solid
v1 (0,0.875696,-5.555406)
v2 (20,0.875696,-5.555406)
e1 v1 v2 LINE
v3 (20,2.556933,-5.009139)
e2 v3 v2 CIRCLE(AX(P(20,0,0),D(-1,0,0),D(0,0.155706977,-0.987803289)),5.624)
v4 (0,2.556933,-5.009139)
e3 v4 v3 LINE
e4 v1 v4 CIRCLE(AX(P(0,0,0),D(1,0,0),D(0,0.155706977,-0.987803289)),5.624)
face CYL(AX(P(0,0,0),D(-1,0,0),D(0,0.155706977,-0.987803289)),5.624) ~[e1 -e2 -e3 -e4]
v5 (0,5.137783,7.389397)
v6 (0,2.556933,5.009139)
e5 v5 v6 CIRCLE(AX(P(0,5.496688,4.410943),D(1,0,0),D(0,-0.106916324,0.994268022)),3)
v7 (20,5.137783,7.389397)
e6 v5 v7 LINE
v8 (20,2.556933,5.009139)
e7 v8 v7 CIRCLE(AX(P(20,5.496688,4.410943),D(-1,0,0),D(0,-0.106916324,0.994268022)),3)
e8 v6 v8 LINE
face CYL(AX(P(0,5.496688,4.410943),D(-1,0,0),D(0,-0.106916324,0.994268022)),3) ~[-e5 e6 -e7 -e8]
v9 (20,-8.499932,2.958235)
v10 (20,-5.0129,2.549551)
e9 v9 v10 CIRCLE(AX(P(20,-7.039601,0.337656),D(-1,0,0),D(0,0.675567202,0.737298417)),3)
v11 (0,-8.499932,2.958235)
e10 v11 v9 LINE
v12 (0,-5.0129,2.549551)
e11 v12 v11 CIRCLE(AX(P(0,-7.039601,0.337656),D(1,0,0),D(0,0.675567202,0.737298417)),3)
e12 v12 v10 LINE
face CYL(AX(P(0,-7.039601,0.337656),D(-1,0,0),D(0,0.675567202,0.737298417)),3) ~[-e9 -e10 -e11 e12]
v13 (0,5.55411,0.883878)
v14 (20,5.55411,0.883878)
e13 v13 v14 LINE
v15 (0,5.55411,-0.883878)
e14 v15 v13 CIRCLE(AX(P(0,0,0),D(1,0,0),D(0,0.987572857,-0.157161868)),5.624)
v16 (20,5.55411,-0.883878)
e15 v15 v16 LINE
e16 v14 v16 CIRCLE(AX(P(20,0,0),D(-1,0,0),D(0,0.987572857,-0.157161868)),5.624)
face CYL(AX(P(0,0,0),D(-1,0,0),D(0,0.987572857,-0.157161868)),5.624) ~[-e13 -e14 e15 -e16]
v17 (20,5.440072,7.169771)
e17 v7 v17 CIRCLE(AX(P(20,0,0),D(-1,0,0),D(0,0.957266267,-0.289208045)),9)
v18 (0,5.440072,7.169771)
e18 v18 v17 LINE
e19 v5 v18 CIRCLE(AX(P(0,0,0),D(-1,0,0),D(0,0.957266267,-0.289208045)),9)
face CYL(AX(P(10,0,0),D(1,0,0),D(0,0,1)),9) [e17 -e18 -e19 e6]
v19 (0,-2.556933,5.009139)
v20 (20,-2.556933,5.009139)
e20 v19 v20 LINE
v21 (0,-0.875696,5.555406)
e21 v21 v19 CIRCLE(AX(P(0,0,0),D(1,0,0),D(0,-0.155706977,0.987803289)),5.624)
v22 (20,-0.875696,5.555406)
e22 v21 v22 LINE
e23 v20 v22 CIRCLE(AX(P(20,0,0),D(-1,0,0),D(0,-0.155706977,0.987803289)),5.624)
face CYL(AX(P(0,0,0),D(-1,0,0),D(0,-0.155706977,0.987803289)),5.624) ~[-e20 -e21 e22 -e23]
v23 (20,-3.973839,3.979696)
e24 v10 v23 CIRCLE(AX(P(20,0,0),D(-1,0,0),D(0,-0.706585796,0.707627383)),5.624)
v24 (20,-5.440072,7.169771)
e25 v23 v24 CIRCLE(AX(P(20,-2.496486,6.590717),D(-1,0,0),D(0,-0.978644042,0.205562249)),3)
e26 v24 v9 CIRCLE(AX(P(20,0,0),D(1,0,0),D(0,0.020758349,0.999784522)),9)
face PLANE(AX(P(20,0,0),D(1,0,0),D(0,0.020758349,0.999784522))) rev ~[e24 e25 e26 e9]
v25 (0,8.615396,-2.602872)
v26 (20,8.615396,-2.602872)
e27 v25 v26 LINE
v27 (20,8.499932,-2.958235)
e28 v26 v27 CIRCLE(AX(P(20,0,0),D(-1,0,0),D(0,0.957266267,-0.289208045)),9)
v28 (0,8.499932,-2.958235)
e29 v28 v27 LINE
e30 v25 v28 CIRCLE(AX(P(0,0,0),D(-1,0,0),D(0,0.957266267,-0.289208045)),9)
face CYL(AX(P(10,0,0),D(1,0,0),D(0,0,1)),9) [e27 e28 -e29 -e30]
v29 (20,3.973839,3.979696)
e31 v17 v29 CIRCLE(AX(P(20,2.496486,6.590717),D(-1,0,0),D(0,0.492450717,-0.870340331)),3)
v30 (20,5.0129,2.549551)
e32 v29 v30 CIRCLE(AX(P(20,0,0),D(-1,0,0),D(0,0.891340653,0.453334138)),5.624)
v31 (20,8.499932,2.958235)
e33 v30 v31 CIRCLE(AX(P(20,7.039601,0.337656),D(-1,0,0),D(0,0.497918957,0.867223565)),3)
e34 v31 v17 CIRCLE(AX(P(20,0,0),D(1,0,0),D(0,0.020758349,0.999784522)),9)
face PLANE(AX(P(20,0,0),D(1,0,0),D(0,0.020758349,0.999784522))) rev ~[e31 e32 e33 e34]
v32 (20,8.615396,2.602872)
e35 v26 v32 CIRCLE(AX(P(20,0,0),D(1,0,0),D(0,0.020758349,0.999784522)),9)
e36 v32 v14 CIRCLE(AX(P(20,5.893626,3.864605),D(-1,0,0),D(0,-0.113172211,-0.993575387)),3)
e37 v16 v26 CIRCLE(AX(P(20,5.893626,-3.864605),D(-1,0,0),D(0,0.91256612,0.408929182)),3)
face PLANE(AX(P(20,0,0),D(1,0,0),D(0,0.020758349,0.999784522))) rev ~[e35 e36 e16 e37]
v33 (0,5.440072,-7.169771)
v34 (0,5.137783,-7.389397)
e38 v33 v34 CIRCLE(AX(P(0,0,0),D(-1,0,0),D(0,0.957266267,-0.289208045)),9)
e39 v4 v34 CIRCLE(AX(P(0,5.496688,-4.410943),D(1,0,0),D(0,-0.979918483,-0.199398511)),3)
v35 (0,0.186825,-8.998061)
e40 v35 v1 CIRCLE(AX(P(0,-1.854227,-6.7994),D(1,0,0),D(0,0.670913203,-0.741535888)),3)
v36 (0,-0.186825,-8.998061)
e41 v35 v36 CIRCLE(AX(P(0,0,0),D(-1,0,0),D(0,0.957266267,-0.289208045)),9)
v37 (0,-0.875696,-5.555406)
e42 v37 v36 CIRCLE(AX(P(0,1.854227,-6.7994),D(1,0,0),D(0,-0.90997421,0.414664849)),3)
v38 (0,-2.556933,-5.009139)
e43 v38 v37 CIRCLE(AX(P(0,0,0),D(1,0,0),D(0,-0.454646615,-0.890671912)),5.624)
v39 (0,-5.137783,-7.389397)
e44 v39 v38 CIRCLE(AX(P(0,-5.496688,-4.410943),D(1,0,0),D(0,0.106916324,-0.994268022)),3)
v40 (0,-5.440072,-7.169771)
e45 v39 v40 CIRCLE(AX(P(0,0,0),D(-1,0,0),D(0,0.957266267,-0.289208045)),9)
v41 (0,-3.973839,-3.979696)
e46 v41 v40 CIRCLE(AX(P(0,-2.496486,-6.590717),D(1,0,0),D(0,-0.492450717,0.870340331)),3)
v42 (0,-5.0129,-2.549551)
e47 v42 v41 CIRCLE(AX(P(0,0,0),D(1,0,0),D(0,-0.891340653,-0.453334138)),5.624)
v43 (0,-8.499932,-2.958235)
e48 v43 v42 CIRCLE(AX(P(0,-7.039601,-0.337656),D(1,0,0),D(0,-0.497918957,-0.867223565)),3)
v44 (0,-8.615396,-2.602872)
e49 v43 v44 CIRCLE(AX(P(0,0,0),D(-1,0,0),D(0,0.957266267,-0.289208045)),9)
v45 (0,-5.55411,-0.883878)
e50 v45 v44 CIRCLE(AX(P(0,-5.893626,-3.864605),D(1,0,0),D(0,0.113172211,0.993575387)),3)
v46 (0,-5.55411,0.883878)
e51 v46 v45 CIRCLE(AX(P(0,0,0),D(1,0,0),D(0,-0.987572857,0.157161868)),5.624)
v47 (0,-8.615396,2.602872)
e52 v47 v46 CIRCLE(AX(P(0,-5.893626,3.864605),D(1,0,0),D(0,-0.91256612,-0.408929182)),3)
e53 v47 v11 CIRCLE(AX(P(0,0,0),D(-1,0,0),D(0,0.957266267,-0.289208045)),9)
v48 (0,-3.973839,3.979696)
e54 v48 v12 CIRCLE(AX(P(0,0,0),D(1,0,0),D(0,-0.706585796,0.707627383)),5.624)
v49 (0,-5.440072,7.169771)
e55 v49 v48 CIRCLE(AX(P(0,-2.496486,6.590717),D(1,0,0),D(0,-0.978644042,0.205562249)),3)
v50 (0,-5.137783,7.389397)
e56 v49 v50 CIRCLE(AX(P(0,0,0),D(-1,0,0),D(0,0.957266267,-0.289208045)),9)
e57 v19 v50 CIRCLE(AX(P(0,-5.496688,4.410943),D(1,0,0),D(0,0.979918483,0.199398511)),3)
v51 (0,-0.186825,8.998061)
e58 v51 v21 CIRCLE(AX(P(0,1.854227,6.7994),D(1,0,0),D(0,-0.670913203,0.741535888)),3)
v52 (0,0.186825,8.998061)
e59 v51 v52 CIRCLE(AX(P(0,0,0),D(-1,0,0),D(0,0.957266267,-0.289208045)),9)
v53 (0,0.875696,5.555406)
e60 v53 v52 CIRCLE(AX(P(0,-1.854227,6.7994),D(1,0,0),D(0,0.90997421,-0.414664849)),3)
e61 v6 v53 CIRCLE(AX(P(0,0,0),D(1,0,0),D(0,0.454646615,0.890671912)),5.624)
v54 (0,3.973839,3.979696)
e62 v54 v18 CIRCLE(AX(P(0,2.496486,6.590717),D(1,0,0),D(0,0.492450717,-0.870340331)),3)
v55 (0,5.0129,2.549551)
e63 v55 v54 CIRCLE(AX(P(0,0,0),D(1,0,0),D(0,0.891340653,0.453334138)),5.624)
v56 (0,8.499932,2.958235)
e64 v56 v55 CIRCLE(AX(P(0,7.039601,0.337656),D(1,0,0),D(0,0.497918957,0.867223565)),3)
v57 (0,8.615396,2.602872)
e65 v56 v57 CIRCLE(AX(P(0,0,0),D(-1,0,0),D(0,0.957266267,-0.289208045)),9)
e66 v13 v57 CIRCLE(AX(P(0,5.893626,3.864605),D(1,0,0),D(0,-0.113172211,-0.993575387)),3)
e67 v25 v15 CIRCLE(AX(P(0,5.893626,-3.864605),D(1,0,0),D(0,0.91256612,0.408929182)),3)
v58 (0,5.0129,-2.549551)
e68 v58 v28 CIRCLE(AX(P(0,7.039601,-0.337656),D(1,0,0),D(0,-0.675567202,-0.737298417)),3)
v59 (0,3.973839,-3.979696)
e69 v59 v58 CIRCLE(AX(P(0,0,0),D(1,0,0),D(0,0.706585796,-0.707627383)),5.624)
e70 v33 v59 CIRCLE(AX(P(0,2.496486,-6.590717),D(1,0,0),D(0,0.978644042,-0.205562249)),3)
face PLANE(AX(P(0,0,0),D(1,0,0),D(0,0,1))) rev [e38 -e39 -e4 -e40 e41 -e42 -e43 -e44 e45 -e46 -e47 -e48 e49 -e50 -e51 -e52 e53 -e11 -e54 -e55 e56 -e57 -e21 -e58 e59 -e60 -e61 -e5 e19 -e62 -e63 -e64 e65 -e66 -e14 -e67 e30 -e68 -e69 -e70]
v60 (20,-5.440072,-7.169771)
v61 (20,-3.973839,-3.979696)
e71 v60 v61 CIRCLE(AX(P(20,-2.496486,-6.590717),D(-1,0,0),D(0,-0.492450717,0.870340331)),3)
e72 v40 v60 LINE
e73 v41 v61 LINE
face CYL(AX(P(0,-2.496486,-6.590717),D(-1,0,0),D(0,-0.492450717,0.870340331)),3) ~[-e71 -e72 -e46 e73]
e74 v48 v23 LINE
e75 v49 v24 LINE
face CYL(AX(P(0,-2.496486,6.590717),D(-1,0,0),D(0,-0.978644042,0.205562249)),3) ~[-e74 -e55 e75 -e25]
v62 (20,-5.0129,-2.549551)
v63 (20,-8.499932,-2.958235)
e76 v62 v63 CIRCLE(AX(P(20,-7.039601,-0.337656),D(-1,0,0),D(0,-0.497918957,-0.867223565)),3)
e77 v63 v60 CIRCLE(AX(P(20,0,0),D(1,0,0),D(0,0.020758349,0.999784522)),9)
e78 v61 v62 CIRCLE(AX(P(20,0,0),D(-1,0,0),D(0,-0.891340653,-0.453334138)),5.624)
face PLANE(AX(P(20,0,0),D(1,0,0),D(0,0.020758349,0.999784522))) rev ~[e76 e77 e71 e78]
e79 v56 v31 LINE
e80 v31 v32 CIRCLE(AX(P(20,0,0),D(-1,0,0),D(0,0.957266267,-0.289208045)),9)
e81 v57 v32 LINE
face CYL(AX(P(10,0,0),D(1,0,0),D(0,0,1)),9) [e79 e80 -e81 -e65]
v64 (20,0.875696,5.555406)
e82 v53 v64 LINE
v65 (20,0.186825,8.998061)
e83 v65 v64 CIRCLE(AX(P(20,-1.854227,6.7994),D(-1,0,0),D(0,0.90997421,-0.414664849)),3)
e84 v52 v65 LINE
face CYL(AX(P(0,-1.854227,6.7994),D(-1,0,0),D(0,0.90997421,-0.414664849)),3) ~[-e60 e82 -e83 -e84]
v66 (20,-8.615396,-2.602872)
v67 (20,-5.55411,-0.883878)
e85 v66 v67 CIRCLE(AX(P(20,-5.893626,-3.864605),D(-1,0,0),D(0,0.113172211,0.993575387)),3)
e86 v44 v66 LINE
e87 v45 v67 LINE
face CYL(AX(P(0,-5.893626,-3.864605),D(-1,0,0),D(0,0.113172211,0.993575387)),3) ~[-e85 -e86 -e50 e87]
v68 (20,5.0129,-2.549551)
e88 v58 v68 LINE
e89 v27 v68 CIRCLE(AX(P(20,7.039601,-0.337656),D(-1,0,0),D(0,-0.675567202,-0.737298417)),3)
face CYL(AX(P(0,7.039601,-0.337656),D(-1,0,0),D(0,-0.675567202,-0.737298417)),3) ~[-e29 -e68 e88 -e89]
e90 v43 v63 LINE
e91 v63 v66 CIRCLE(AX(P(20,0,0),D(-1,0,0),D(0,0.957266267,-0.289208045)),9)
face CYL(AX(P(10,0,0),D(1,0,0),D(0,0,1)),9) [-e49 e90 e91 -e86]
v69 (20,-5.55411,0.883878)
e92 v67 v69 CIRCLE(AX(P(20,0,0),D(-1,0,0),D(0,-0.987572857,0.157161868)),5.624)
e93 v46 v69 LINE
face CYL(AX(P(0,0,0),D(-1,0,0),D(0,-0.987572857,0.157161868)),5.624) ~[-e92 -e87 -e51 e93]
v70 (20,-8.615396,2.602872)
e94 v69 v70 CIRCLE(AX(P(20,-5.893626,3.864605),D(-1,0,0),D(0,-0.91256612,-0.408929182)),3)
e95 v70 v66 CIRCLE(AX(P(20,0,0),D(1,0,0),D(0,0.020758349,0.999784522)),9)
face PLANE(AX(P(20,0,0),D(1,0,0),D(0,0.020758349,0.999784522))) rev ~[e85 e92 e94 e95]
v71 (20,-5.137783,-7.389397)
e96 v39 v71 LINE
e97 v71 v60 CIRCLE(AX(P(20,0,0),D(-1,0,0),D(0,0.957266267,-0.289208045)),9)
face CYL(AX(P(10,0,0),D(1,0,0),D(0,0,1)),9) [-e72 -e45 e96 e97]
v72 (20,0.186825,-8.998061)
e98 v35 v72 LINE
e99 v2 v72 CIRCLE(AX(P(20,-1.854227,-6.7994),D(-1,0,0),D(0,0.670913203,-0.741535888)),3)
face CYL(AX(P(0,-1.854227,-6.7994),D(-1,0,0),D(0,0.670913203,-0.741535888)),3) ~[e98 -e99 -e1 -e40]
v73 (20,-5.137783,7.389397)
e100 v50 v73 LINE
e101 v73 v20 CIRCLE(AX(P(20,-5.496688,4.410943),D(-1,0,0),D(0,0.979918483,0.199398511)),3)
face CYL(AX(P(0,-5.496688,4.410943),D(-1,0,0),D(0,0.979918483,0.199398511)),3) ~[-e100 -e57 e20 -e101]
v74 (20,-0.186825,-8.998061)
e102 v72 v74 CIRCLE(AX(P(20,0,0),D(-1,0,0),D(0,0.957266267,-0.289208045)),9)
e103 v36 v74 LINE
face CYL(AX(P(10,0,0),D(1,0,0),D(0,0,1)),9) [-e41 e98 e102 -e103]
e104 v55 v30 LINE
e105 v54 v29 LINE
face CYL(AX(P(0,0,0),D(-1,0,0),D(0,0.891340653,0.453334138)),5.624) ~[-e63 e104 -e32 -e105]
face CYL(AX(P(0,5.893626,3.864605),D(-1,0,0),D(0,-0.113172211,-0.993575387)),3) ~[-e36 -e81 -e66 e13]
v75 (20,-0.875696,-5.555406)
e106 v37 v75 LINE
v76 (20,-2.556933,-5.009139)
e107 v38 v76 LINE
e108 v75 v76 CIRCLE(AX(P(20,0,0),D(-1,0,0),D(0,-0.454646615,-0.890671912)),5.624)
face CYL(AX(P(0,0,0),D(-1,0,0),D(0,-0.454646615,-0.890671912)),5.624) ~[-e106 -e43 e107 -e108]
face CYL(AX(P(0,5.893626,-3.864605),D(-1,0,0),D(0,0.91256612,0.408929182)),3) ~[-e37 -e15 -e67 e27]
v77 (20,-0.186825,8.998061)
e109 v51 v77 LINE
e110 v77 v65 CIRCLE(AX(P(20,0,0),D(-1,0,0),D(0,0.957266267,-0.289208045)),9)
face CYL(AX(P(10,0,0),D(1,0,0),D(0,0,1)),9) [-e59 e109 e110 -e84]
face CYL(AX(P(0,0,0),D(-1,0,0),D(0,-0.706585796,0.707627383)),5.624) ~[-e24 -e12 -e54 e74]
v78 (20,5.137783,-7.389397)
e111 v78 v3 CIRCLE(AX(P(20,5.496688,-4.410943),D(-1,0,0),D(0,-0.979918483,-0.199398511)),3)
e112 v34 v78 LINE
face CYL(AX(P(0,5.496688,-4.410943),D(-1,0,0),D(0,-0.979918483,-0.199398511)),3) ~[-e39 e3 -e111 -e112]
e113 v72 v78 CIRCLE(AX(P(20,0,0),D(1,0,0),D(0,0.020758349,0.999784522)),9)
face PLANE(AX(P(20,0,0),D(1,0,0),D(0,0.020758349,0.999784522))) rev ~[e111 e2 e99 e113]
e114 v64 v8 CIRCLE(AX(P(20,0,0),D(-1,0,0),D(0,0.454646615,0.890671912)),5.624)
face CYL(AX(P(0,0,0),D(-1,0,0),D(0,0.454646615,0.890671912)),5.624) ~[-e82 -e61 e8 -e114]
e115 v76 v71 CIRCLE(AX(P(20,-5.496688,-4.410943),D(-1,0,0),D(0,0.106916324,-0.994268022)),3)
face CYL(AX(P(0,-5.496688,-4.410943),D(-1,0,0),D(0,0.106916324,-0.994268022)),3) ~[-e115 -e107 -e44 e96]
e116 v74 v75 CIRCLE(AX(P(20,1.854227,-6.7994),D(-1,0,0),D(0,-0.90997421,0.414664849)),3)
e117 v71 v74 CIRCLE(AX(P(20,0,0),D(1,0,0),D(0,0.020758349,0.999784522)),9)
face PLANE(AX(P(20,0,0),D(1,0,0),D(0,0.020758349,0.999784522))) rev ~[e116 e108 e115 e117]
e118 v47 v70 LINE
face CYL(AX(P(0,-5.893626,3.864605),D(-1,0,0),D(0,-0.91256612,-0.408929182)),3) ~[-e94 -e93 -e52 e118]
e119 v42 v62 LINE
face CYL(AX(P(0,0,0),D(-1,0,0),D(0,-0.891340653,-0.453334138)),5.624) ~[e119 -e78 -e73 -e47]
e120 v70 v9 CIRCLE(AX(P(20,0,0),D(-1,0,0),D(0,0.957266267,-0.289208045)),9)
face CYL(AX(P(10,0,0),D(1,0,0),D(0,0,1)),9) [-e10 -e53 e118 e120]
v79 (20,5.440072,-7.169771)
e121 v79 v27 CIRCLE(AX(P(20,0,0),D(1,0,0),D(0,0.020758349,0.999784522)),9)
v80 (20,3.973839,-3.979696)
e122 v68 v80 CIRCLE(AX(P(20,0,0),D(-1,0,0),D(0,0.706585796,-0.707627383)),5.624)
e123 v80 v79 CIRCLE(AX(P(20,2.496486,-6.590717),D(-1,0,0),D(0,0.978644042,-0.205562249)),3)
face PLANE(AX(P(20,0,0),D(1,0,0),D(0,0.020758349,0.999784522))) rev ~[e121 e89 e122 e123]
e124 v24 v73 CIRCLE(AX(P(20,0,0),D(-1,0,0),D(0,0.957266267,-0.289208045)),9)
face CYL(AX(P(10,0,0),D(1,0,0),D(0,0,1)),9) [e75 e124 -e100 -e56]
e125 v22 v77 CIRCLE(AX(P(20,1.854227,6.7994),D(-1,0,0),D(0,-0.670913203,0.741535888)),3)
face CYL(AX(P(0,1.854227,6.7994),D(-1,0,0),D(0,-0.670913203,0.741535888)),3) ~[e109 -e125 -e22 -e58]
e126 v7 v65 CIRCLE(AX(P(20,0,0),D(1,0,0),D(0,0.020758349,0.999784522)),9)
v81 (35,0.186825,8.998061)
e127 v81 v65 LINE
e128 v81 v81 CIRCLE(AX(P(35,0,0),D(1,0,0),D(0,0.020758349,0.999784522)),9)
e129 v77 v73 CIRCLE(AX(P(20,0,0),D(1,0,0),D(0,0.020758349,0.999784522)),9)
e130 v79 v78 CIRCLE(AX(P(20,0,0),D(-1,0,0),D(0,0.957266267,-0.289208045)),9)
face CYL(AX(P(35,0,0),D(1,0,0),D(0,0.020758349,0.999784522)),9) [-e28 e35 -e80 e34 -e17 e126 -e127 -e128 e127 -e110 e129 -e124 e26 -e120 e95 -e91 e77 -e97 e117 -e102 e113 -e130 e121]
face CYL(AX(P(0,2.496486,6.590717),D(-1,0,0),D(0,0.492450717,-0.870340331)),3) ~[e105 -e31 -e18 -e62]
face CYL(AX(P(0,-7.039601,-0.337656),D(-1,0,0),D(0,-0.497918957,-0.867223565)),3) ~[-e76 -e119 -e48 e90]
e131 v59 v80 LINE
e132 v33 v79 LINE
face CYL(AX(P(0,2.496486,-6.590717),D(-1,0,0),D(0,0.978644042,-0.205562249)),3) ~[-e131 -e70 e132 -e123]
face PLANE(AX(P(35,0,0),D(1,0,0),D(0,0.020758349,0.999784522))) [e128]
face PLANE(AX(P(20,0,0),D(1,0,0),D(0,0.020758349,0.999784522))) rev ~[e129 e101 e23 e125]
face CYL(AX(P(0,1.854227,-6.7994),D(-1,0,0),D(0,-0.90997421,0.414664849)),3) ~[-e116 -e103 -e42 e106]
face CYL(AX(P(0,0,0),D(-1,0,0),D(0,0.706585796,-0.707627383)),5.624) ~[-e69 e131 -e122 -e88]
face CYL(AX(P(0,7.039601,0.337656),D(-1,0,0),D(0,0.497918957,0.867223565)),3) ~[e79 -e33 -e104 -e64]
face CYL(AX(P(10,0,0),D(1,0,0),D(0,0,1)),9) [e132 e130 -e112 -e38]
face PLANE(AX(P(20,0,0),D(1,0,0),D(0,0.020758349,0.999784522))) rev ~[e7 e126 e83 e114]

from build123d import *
from build123d.topology import SkipClean

# Parameters (mm, degrees)
BASPROSKE_W                 = 20
BASPROSKE_H                 = 9
TOOTHCUT_DEPTH              = 24.706539182
TEETHCUTS_COUNT             = 10
TEETHCUTS_ANGLE             = 324
BORSKE_R                    = 2.5
BORE_DEPTH                  = 50.0000508
IZIM1_R                     = 3
Y_KSEKLIK_EKSTR_ZYON3_DEPTH = 20
Y_KSEKLIK_EKSTR_ZYON4_START = 15
IZIM2_R                     = 9
Y_KSEKLIK_EKSTR_ZYON4_DEPTH = 15


with BuildPart() as part:
    # BasProSke → Base-Revolve (revolve)
    with BuildSketch(Plane(origin=(0, 0, 0), x_dir=(1, 0, 0), z_dir=(0, 1, 0)), mode=Mode.PRIVATE) as base_revolve_sk:
        with Locations((10, 4.5)):
            Rectangle(BASPROSKE_W, BASPROSKE_H)
    revolve(base_revolve_sk.sketch.rotate(Axis((-10, 0, 0), (1, 0, 0)), 180), axis=Axis((-10, 0, 0), (1, 0, 0)))

    # TooCutSke → ToothCut (cut, through all)
    with BuildSketch(Plane(origin=(0, 0, 0), x_dir=(0, 0, -1), z_dir=(1, 0, 0))):
        with BuildLine():
            ThreePointArc((0.883878355, 5.554109745), (0, 5.624), (-0.883878355, 5.554109745))
            ThreePointArc((-0.883878355, 5.554109745), (-1.258245767, 7.379188248), (-2.637816971, 8.631324741))
            ThreePointArc((-2.637816971, 8.631324741), (0, 9.0254), (2.637816971, 8.631324741))
            ThreePointArc((2.637816971, 8.631324741), (1.258245767, 7.379188248), (0.883878355, 5.554109745))
        make_face()
    toothcut = extrude(amount=TOOTHCUT_DEPTH, mode=Mode.SUBTRACT)

    # TeethCuts: ToothCut ×10 about axis
    teethcuts_axis = Axis((-10, 0, 0), (1, 0, 0))
    for i in range(1, TEETHCUTS_COUNT):
        add(toothcut.rotate(teethcuts_axis, i * TEETHCUTS_ANGLE / (TEETHCUTS_COUNT - 1)), mode=Mode.SUBTRACT)

    # BorSke → Bore (cut, symmetric)
    with BuildSketch(Plane(origin=(0, 0, 0), x_dir=(0, 0, -1), z_dir=(1, 0, 0))):
        with Locations(Location((0, 0, 0), (0, 0, 180))):
            Circle(BORSKE_R)
    extrude(amount=BORE_DEPTH, both=True, mode=Mode.SUBTRACT)

    # Çizim1 → Yükseklik-Ekstrüzyon3 (add)
    with BuildSketch(Plane(origin=(20, 0, 0), x_dir=(0, 0, -1), z_dir=(1, 0, 0))):
        Circle(IZIM1_R)
    extrude(amount=-Y_KSEKLIK_EKSTR_ZYON3_DEPTH)

    # Çizim2 → Yükseklik-Ekstrüzyon4 (add)
    with SkipClean():  # the faces are left unmerged after this step: merging them gives an invalid solid
        with BuildSketch(Plane(origin=(20, 0, 0), x_dir=(0, 0, -1), z_dir=(1, 0, 0)).offset(Y_KSEKLIK_EKSTR_ZYON4_START)):
            with Locations(Location((0, 0, 0), (0, 0, 178.810548778))):
                Circle(IZIM2_R)
        extrude(amount=-Y_KSEKLIK_EKSTR_ZYON4_DEPTH)


solid = part.part
